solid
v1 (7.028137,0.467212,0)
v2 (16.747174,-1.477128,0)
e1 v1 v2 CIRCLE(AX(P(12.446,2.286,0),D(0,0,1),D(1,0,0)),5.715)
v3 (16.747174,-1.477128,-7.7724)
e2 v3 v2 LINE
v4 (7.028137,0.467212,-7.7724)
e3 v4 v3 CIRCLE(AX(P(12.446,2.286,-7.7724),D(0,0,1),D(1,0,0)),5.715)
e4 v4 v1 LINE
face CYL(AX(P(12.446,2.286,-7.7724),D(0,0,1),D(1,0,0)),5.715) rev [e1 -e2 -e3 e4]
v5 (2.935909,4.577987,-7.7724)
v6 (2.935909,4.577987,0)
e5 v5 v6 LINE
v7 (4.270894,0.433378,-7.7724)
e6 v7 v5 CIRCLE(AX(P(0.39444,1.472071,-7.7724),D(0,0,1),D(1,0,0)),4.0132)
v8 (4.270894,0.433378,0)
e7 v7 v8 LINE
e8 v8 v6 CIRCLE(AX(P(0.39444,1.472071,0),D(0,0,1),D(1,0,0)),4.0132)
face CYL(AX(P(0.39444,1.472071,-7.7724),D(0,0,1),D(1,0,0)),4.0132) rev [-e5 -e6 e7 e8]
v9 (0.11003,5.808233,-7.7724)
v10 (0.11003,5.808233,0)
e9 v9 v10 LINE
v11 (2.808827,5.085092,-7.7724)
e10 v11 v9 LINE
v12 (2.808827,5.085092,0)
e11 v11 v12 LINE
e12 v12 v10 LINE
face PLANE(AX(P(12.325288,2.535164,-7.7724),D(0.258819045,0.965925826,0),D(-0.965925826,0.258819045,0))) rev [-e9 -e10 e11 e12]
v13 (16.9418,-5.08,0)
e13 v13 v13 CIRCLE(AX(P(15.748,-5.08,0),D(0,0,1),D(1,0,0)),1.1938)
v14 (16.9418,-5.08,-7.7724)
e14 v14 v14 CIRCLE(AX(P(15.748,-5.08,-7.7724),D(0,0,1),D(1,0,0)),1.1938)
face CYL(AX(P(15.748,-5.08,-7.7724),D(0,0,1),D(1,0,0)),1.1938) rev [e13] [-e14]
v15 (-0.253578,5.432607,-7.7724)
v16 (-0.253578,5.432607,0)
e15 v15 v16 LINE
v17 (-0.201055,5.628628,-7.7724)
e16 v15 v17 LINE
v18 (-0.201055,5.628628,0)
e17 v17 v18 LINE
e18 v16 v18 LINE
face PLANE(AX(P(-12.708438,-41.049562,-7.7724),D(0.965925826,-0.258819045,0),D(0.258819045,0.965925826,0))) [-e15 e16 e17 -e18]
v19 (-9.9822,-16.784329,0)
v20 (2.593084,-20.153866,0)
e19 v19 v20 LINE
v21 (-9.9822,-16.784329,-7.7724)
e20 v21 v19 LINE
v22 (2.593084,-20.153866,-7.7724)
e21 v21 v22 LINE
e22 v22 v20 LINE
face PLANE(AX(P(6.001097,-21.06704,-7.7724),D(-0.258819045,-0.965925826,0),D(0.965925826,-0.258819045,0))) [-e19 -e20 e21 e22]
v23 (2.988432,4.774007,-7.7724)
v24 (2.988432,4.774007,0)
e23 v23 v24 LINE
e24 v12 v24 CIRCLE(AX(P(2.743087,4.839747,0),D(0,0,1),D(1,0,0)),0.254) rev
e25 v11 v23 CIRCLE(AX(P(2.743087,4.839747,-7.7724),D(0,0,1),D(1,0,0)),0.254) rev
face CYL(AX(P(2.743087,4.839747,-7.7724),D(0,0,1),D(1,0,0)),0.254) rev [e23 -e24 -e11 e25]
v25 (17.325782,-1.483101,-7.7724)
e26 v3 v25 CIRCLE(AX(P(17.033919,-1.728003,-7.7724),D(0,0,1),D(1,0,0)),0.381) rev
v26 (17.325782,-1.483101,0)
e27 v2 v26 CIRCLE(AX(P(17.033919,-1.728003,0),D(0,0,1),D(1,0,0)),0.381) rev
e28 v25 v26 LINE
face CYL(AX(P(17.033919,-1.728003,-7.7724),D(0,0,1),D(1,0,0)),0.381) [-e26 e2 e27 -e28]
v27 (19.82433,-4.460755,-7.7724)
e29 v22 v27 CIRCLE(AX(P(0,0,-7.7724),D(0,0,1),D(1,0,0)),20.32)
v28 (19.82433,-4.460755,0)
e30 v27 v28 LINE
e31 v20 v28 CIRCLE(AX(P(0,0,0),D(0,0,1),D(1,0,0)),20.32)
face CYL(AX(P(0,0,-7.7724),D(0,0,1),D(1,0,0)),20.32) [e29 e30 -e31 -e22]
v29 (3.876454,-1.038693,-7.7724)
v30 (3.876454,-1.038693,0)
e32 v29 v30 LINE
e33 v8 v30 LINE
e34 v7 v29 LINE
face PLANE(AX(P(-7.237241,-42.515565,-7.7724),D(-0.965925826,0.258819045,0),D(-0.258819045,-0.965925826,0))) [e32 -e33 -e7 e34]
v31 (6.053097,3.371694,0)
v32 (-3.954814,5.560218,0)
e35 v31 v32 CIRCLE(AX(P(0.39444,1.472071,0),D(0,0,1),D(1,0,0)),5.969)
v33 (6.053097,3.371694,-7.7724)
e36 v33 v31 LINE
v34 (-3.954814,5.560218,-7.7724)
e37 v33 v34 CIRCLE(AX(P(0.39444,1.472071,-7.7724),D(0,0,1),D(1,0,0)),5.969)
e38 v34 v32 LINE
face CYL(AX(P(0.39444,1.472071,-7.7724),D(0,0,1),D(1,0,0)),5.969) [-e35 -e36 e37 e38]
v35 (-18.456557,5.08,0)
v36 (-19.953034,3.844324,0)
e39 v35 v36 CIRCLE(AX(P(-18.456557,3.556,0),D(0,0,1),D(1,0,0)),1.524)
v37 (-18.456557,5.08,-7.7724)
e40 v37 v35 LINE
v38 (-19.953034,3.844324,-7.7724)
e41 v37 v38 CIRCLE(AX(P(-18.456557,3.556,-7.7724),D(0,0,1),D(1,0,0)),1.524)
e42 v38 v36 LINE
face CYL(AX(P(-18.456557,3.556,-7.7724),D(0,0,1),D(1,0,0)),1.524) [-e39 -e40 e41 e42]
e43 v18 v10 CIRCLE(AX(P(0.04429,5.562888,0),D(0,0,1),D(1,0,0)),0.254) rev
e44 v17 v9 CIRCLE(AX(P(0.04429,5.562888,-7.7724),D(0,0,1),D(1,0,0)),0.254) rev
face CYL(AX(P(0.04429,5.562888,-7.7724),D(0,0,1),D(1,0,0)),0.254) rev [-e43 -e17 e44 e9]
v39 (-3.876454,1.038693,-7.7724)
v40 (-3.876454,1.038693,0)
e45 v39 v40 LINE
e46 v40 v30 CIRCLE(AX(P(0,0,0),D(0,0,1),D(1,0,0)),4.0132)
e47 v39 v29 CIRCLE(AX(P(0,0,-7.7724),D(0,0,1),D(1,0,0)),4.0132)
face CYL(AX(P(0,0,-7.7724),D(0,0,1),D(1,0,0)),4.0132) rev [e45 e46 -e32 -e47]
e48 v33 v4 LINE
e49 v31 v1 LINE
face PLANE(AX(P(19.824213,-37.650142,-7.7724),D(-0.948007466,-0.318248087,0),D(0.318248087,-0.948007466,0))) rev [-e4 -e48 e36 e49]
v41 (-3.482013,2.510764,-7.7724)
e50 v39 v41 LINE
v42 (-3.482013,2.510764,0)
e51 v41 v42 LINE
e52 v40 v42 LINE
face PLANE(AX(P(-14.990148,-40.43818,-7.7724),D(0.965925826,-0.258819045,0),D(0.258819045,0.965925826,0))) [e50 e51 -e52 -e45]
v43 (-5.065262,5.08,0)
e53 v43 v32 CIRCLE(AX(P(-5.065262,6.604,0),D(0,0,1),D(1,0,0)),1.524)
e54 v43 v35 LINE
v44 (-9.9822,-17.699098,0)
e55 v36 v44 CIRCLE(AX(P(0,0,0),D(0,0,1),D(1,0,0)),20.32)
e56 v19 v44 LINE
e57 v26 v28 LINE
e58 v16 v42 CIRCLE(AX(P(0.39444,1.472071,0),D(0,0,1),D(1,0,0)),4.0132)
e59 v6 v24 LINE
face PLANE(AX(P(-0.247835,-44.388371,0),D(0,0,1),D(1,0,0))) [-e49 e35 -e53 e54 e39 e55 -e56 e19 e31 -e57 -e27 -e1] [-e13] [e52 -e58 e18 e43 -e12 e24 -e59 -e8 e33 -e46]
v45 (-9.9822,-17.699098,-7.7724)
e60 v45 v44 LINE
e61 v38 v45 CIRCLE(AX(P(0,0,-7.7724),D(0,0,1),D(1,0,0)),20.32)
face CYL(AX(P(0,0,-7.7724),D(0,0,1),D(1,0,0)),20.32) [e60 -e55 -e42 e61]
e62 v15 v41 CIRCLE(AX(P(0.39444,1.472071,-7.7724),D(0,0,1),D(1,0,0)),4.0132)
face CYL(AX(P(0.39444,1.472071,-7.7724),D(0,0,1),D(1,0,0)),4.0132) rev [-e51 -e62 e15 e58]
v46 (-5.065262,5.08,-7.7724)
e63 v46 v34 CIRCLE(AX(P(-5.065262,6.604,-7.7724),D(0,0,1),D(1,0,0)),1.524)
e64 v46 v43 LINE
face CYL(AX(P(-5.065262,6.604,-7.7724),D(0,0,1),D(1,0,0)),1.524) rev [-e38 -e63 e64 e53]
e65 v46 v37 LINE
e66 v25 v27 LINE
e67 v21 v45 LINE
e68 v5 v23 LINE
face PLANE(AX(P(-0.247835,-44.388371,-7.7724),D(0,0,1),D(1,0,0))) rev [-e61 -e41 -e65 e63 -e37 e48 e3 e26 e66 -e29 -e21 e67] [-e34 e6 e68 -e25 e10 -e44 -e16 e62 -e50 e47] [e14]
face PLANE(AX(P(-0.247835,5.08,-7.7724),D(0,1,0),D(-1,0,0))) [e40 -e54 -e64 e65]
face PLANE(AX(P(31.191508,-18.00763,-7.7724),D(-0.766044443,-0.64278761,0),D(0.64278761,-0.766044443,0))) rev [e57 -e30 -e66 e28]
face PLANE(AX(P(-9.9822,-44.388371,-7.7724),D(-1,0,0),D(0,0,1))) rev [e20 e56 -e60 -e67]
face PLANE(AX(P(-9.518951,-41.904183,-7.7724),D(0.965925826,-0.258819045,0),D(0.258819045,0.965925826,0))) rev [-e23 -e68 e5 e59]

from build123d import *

# Parameters (mm, degrees)
SKETCH1_R           = 1.1938
BOSS_EXTRUDE1_DEPTH = 7.7724


with BuildPart() as part:
    # Sketch1 → Boss-Extrude1 (new body)
    with BuildSketch(Plane.XY):
        with BuildLine():
            Line((-5.065262452, 5.08), (-18.456556559, 5.08))
            ThreePointArc((-18.456556559, 5.08), (-19.426909517, 4.731155792), (-19.953034117, 3.844324324))
            ThreePointArc((-19.953034117, 3.844324324), (-18.44069754, -8.534815418), (-9.9822, -17.699098371))
            Line((-9.9822, -17.699098371), (-9.9822, -16.784328658))
            Line((-9.9822, -16.784328658), (2.593084415, -20.153865962))
            ThreePointArc((2.593084415, -20.153865962), (13.682234942, -15.023276839), (19.824330155, -4.46075486))
            Line((19.824330155, -4.46075486), (17.325781624, -1.483100672))
            ThreePointArc((17.325781624, -1.483100672), (17.037851626, -1.347023051), (16.747173773, -1.477127579))
            ThreePointArc((16.747173773, -1.477127579), (11.324901076, -3.317959511), (7.028137334, 0.467212181))
            Line((7.028137334, 0.467212181), (6.053096787, 3.371693793))
            ThreePointArc((6.053096787, 3.371693793), (1.669604011, 7.303273092), (-3.95481445, 5.560217822))
            ThreePointArc((-3.95481445, 5.560217822), (-4.460344292, 5.205196933), (-5.065262452, 5.08))
        make_face()
        with Locations((15.748, -5.08)):
            Circle(SKETCH1_R, mode=Mode.SUBTRACT)
        with BuildLine():
            Line((-3.876453526, 1.038692592), (-3.482013301, 2.510763551))
            ThreePointArc((-3.482013301, 2.510763551), (-2.298514325, 4.447599489), (-0.253578298, 5.432607064))
            Line((-0.253578298, 5.432607064), (-0.201054745, 5.628627633))
            ThreePointArc((-0.201054745, 5.628627633), (-0.082709585, 5.782858048), (0.110030452, 5.808232755))
            Line((0.110030452, 5.808232755), (2.808827211, 5.085092343))
            ThreePointArc((2.808827211, 5.085092343), (2.963057626, 4.966747183), (2.988432333, 4.774007146))
            Line((2.988432333, 4.774007146), (2.93590878, 4.577986577))
            ThreePointArc((2.93590878, 4.577986577), (4.214371541, 2.702476981), (4.270893751, 0.433378367))
            Line((4.270893751, 0.433378367), (3.876453526, -1.038692592))
            ThreePointArc((3.876453526, -1.038692592), (-1.038692592, -3.876453526), (-3.876453526, 1.038692592))
        make_face(mode=Mode.SUBTRACT)
    extrude(amount=-BOSS_EXTRUDE1_DEPTH)


solid = part.part
